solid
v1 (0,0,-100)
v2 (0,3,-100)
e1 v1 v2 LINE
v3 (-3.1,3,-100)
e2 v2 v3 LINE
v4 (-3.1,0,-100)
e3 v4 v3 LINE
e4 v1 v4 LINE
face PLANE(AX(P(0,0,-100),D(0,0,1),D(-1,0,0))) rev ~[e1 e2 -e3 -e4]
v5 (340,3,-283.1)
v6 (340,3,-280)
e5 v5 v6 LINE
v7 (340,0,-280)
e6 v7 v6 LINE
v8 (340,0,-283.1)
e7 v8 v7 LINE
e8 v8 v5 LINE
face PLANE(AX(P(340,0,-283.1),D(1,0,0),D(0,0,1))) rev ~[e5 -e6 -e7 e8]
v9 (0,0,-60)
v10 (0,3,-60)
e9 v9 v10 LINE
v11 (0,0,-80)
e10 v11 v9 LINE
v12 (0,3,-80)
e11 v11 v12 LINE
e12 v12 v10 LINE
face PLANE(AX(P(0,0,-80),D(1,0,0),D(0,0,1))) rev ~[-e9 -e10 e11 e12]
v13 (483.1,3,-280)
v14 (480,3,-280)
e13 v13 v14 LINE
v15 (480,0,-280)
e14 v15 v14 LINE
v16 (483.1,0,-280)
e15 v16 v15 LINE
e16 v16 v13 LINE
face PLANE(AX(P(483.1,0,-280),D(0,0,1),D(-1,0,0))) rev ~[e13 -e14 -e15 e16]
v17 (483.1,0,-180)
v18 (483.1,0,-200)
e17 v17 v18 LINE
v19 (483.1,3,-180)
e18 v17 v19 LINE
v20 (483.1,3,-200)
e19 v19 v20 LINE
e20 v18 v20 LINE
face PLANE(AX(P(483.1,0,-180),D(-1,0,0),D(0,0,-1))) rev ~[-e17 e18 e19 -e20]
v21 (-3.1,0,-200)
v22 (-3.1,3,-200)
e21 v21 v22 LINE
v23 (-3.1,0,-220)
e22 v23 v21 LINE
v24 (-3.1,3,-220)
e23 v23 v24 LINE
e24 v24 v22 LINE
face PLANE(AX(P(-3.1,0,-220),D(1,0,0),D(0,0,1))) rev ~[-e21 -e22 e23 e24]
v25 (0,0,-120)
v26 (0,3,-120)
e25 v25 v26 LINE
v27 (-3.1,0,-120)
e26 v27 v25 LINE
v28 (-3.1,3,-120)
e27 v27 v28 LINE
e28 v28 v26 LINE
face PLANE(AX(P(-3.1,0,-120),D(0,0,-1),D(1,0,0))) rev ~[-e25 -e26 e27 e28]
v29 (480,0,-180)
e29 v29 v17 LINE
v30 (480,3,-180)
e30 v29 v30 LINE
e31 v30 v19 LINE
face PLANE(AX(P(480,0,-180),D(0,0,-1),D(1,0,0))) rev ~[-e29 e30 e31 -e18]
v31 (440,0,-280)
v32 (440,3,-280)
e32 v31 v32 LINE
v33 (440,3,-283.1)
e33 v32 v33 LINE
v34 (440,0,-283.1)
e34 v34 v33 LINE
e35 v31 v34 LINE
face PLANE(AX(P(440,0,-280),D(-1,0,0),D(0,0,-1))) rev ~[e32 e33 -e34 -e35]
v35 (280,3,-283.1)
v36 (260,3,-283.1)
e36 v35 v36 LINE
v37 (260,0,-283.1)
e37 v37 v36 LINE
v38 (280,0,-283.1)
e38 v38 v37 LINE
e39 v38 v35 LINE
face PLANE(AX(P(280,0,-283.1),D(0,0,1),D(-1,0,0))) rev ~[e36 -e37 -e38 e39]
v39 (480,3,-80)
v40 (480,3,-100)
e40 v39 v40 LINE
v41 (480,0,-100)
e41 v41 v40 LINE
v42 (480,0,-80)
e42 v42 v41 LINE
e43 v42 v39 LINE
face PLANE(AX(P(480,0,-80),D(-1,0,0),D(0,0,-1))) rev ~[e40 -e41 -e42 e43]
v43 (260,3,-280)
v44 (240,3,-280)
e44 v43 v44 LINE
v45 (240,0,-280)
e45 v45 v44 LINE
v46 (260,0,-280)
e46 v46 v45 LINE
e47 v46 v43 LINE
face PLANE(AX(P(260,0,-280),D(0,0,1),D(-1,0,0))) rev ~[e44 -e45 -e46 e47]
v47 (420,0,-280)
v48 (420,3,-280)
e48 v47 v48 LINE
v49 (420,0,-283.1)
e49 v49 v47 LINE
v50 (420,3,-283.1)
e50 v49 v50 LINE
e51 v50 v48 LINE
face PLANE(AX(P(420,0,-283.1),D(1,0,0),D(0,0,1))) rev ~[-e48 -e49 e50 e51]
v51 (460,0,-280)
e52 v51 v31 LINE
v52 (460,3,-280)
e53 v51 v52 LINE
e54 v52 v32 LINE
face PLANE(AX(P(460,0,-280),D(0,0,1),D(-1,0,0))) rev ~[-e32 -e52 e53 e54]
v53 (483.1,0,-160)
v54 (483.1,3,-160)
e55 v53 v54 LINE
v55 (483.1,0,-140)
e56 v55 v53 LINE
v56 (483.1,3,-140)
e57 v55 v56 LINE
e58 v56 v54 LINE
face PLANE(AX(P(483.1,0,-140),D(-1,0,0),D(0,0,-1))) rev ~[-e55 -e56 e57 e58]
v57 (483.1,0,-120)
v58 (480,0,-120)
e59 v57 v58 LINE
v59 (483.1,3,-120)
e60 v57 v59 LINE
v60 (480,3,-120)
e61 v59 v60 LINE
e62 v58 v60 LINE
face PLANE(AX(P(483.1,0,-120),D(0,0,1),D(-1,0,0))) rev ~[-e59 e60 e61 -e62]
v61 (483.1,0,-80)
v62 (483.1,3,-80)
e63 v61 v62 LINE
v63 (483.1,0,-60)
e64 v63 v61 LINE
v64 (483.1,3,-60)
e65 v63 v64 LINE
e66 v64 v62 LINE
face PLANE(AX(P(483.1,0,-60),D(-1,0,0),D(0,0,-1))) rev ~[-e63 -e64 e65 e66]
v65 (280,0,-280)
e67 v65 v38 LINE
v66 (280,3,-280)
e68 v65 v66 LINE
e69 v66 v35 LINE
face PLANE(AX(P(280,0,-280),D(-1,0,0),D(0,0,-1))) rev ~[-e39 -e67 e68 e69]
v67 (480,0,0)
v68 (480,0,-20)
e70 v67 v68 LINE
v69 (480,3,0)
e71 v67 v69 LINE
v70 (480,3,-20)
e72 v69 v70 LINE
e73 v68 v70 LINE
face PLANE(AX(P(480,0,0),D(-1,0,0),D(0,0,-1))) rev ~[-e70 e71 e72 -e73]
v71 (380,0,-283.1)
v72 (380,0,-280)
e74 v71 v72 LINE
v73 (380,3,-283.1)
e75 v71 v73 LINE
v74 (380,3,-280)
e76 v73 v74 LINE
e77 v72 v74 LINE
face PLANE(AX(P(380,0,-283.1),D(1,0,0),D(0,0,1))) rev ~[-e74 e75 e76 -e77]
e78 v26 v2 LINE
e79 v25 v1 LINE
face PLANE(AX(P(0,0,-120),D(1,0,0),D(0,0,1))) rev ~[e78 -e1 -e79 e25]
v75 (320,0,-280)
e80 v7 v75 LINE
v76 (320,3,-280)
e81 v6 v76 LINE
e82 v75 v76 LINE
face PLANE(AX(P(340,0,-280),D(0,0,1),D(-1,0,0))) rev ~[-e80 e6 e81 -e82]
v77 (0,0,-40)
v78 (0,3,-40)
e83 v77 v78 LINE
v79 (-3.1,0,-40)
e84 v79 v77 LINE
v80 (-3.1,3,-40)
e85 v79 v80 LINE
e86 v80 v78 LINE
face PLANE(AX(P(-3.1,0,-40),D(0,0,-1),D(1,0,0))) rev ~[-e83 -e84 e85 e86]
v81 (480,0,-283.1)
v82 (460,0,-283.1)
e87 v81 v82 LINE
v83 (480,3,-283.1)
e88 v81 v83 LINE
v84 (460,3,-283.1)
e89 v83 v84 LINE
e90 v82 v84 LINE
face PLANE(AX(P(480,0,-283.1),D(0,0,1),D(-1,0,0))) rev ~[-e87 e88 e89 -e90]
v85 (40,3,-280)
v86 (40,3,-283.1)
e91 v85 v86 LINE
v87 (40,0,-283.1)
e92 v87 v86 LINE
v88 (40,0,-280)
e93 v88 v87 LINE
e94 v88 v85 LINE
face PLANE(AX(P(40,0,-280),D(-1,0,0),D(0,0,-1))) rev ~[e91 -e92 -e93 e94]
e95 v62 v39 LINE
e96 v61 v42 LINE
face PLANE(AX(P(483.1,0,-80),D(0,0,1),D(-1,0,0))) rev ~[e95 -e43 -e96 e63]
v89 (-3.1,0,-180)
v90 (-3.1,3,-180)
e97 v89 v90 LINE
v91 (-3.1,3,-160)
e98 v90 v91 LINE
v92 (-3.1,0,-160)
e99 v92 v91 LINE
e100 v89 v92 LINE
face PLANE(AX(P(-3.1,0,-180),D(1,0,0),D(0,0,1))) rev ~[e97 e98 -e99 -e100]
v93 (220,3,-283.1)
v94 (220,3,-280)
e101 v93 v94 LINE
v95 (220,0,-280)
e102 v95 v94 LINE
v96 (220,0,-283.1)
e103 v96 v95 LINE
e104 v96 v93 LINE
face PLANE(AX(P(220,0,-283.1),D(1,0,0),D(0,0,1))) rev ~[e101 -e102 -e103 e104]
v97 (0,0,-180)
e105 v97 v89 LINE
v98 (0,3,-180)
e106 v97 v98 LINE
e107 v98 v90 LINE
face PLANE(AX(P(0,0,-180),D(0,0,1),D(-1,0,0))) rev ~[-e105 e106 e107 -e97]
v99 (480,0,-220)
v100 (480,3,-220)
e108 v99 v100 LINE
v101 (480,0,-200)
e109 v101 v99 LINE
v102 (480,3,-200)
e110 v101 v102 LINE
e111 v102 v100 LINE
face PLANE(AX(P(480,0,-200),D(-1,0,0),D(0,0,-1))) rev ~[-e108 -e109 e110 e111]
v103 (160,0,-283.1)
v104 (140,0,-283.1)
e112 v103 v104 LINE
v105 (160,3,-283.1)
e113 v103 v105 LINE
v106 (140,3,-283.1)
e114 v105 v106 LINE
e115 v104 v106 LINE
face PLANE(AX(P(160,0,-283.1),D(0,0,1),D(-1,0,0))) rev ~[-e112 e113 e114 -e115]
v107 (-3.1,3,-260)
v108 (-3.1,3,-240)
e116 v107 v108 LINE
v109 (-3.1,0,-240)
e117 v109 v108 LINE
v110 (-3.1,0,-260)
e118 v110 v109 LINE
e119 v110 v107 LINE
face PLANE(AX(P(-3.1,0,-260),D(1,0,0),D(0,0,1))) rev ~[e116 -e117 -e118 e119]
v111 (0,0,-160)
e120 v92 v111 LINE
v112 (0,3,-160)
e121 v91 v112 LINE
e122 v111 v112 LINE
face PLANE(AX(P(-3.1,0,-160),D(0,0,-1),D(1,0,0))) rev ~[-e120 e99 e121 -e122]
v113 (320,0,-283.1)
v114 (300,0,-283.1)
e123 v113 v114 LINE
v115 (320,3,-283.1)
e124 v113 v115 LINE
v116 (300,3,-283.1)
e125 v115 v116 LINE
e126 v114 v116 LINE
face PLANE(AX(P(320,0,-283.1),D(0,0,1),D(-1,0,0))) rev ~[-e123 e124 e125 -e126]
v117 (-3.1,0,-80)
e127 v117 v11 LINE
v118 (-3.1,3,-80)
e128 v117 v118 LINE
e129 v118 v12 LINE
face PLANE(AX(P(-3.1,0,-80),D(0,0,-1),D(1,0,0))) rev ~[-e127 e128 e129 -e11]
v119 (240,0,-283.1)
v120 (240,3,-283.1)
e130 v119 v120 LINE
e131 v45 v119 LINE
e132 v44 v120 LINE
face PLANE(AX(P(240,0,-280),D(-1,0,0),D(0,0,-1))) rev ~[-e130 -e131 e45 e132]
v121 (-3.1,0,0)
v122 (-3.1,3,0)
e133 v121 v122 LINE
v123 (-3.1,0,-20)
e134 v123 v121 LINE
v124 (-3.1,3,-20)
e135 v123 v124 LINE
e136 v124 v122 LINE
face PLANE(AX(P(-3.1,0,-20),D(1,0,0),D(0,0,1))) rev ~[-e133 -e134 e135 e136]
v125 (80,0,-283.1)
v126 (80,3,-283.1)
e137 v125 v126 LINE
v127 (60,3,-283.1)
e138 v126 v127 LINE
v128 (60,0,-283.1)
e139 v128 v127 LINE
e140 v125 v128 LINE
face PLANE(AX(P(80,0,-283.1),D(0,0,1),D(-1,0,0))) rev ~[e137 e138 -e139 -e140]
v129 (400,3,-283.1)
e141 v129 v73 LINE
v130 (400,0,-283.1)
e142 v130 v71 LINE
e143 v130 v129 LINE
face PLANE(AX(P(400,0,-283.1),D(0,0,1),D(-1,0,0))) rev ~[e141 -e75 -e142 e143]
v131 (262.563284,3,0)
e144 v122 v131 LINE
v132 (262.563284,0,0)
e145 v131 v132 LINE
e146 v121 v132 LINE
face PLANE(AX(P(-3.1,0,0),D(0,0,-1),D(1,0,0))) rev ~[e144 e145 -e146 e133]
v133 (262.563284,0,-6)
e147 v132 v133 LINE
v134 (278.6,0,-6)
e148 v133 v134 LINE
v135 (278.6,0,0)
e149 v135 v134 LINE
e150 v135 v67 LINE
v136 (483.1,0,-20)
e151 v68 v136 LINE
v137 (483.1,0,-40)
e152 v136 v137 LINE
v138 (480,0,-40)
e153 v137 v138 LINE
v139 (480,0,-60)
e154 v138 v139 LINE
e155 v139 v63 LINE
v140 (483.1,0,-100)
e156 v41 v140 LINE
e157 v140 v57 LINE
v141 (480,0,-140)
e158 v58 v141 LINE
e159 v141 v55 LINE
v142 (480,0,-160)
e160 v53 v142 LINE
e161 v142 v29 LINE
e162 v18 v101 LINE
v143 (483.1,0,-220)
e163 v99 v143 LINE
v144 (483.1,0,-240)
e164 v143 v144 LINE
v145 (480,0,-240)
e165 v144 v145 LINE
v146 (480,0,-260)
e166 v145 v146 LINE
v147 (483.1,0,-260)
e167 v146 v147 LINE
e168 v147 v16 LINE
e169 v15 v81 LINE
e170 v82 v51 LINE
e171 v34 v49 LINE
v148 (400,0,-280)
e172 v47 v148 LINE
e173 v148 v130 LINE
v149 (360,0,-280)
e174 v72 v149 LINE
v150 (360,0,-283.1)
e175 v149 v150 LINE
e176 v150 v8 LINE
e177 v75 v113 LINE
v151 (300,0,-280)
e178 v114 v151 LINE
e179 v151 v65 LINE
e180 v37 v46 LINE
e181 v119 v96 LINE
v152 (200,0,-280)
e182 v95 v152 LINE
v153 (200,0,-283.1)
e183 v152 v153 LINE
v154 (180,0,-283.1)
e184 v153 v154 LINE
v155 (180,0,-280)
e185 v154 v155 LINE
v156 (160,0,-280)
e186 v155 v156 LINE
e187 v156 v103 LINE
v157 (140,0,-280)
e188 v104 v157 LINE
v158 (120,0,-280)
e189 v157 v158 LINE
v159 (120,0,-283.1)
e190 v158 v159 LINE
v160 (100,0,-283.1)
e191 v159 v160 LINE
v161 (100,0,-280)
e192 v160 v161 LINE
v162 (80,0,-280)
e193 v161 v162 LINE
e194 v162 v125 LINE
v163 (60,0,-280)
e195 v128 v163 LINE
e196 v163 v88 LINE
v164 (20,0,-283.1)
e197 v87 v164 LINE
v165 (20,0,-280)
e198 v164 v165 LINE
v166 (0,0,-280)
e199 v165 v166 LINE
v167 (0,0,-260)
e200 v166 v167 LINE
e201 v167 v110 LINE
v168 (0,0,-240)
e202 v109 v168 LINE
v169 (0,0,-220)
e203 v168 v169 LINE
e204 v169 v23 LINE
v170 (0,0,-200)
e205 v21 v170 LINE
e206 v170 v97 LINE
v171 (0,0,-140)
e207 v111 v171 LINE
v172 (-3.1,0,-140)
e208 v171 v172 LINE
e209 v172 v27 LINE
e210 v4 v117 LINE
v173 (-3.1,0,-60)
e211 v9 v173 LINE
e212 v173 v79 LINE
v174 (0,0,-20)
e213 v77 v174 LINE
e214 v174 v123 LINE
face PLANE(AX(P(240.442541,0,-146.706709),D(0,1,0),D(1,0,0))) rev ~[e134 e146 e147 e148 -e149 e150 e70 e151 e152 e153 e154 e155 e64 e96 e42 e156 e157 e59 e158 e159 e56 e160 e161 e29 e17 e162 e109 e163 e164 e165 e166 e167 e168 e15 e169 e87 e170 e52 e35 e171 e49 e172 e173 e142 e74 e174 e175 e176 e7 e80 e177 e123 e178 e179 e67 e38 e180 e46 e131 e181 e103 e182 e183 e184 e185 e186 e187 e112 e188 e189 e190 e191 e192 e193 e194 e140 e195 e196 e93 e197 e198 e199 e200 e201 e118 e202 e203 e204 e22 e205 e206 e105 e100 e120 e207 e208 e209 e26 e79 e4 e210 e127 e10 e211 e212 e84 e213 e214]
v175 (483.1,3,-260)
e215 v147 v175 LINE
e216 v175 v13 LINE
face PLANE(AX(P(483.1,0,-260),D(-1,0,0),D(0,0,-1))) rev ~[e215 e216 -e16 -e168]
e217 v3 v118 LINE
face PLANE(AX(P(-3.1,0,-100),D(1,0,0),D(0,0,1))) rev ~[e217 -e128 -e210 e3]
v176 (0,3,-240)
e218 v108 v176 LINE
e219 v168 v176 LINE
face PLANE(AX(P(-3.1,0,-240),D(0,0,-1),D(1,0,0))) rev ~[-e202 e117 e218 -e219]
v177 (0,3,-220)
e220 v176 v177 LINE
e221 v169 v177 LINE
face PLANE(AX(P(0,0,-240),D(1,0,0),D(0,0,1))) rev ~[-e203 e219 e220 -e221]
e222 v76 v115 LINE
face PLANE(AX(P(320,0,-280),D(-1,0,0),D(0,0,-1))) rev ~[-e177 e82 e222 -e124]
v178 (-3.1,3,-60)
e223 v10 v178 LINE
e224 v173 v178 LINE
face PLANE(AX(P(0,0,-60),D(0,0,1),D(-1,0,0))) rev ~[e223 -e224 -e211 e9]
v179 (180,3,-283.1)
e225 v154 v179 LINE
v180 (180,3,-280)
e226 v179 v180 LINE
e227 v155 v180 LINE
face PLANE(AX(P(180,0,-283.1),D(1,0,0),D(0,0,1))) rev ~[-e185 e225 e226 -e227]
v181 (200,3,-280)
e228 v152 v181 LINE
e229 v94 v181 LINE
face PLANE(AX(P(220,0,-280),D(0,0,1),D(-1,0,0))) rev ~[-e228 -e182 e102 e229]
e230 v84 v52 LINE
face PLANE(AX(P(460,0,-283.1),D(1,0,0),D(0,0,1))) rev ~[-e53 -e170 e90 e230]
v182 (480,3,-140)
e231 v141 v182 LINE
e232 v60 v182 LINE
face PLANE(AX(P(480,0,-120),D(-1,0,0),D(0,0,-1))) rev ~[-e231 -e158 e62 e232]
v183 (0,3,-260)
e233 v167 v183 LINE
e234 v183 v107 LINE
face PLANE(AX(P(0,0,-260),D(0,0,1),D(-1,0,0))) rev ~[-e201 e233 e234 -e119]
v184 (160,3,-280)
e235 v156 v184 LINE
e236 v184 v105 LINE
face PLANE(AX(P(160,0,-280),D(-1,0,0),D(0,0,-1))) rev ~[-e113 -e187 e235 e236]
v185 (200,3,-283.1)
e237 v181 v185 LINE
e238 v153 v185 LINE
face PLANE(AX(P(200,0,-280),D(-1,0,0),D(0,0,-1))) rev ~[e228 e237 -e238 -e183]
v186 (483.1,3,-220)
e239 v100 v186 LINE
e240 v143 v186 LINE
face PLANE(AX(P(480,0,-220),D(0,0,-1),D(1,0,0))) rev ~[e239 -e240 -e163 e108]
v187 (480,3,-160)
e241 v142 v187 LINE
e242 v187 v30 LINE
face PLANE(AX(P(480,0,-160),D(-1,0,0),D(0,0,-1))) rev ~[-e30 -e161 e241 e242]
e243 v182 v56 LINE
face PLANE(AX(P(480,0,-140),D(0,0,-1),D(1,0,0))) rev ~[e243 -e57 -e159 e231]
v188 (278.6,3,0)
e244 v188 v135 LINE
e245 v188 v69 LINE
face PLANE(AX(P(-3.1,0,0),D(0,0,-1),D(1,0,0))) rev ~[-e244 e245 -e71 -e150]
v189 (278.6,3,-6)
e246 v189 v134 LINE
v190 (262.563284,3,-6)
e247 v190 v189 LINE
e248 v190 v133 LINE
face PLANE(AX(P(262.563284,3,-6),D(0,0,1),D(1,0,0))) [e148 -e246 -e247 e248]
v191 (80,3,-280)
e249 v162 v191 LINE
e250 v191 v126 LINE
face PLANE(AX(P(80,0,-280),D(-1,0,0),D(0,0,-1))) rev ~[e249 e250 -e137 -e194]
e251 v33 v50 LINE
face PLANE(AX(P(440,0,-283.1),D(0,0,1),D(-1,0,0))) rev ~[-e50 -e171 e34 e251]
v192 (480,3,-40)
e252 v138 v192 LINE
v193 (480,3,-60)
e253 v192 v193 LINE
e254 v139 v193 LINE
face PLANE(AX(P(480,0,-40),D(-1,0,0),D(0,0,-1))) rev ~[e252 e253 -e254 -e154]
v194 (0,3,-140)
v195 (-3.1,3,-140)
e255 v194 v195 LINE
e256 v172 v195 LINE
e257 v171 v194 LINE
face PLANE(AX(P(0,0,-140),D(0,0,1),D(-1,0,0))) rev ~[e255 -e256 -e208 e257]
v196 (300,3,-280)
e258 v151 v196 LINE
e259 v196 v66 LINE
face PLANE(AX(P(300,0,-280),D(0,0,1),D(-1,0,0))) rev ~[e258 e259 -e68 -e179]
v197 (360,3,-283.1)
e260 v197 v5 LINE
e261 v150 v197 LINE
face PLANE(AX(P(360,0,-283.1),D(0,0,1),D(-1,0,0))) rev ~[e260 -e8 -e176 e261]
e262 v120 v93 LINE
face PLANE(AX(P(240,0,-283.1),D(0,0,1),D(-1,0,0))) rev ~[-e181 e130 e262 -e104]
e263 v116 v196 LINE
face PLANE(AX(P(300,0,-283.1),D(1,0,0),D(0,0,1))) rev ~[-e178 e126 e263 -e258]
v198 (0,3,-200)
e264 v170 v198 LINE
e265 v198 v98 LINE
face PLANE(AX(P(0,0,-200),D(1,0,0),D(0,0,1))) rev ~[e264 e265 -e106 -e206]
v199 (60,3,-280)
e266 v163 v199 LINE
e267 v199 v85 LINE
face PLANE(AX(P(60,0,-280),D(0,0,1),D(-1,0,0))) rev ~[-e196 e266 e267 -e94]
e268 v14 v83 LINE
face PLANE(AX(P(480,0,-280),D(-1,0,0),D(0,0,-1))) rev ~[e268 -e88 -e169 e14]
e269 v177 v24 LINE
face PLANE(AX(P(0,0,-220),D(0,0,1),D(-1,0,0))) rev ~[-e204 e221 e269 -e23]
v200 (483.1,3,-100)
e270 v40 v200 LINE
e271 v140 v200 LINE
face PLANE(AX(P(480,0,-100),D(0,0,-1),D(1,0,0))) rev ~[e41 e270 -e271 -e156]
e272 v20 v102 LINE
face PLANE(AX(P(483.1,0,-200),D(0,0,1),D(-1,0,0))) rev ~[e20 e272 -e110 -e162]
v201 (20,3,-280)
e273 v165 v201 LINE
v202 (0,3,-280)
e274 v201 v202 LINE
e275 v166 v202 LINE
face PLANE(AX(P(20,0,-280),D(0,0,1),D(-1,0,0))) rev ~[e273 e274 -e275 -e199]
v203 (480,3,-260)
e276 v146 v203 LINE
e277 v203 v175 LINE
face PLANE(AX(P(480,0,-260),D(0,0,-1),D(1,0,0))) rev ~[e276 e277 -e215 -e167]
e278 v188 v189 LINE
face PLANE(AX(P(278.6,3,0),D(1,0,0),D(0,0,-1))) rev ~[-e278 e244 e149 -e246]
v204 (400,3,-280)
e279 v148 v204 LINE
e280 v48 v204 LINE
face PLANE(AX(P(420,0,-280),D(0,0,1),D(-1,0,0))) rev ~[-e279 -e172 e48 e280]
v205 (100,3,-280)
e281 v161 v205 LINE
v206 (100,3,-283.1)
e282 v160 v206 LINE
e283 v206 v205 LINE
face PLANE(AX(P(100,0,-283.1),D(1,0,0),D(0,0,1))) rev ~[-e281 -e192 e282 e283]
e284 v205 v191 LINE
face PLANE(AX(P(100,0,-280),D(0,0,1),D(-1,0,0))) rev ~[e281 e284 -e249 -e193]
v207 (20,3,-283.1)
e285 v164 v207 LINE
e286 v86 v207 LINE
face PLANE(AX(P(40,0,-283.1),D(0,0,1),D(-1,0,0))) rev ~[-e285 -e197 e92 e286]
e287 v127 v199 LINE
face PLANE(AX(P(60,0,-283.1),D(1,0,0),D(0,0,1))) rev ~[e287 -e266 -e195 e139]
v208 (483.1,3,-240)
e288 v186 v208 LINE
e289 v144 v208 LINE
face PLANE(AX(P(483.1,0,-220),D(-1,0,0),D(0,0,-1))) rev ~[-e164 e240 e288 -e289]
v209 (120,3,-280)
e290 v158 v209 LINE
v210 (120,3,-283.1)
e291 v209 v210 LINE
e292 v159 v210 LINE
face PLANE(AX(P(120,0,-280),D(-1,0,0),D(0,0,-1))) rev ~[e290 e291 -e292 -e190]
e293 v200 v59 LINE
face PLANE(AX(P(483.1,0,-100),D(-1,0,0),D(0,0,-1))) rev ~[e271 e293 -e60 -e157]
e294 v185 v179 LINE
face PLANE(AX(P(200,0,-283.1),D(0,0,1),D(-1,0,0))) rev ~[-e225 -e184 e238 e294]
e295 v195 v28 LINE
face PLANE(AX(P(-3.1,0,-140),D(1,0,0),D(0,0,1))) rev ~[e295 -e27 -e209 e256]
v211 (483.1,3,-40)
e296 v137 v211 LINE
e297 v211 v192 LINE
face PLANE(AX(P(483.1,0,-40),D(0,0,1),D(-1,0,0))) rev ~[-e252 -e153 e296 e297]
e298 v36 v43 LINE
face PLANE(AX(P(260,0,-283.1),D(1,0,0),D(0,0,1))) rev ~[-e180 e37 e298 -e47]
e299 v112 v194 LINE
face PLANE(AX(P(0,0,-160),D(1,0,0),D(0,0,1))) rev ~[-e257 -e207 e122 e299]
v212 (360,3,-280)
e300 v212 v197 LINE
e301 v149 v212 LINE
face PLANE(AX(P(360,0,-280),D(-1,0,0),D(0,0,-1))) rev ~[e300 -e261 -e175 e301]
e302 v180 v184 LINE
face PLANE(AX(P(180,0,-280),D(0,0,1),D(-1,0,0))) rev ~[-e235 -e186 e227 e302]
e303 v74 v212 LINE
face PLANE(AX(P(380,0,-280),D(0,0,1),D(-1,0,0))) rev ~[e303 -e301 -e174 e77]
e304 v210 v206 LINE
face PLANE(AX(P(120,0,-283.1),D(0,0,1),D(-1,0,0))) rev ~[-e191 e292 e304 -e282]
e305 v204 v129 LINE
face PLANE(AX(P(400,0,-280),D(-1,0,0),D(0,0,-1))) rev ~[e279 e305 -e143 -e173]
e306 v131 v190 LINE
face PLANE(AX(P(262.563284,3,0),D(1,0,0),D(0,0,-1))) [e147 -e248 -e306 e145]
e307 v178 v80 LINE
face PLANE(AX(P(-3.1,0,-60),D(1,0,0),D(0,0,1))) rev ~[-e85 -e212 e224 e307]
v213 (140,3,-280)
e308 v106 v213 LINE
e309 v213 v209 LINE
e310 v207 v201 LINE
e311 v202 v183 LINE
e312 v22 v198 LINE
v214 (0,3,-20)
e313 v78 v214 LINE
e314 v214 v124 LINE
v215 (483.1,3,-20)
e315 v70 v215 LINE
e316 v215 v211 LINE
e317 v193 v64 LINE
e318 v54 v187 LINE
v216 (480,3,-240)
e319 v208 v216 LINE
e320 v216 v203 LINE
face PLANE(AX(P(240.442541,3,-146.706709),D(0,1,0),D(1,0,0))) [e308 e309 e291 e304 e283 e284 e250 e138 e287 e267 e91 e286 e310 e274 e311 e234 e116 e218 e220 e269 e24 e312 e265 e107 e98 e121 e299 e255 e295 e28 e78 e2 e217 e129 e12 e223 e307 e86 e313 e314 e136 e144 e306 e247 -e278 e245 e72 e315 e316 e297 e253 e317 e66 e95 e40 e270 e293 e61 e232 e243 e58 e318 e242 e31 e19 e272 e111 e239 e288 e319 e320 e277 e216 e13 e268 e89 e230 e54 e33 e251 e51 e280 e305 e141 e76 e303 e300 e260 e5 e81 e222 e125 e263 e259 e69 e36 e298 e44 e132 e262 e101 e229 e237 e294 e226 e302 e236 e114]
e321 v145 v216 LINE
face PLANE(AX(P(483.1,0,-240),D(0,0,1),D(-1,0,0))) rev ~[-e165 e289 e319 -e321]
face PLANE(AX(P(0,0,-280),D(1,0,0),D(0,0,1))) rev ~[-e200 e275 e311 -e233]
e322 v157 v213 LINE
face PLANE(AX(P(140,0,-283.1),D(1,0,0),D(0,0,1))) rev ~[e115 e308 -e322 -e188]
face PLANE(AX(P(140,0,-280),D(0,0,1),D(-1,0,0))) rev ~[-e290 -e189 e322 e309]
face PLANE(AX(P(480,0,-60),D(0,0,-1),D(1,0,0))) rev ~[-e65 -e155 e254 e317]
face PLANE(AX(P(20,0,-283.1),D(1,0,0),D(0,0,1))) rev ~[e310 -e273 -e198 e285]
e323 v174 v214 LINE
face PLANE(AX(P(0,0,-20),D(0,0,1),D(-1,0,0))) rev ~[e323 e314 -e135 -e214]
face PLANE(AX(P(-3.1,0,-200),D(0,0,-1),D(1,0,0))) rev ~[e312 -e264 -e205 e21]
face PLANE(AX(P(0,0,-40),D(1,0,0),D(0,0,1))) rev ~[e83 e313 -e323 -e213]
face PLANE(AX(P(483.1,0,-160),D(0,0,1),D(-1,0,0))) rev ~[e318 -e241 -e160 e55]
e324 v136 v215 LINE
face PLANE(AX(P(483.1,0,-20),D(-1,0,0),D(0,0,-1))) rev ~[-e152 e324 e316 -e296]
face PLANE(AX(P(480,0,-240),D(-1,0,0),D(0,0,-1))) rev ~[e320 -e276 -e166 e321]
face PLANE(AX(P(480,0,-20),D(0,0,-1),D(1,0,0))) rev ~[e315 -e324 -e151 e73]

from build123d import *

# Parameters (mm, degrees)
SALIENTE_EXTRUIR1_DEPTH = 3
CROQUIS2_W              = 16.03671643
CROQUIS2_H              = 6
CORTAR_EXTRUIR1_DEPTH   = 10


with BuildPart() as part:
    # Croquis1 → Saliente-Extruir1 (new body)
    with BuildSketch(Plane(origin=(0, 0, 0), x_dir=(1, 0, 0), z_dir=(0, 1, 0))):
        Polygon((480, 280), (480, 283.1), (460, 283.1), (460, 280), (440, 280), (440, 283.1), (420, 283.1), (420, 280), (400, 280), (400, 283.1), (380, 283.1), (380, 280), (360, 280), (360, 283.1), (340, 283.1), (340, 280), (320, 280), (320, 283.1), (300, 283.1), (300, 280), (280, 280), (280, 283.1), (260, 283.1), (260, 280), (240, 280), (240, 283.1), (220, 283.1), (220, 280), (200, 280), (200, 283.1), (180, 283.1), (180, 280), (160, 280), (160, 283.1), (140, 283.1), (140, 280), (120, 280), (120, 283.1), (100, 283.1), (100, 280), (80, 280), (80, 283.1), (60, 283.1), (60, 280), (40, 280), (40, 283.1), (20, 283.1), (20, 280), (0, 280), (0, 260), (-3.1, 260), (-3.1, 240), (0, 240), (0, 220), (-3.1, 220), (-3.1, 200), (0, 200), (0, 180), (-3.1, 180), (-3.1, 160), (0, 160), (0, 140), (-3.1, 140), (-3.1, 120), (0, 120), (0, 100), (-3.1, 100), (-3.1, 80), (0, 80), (0, 60), (-3.1, 60), (-3.1, 40), (0, 40), (0, 20), (-3.1, 20), (-3.1, 0), (0, 0), (480, 0), (480, 20), (483.1, 20), (483.1, 40), (480, 40), (480, 60), (483.1, 60), (483.1, 80), (480, 80), (480, 100), (483.1, 100), (483.1, 120), (480, 120), (480, 140), (483.1, 140), (483.1, 160), (480, 160), (480, 180), (483.1, 180), (483.1, 200), (480, 200), (480, 220), (483.1, 220), (483.1, 240), (480, 240), (480, 260), (483.1, 260), (483.1, 280), align=None)
    extrude(amount=SALIENTE_EXTRUIR1_DEPTH)

    # Croquis2 → Cortar-Extruir1 (cut)
    with BuildSketch(Plane(origin=(0, 3, 0), x_dir=(1, 0, 0), z_dir=(0, 1, 0))):
        with Locations((270.581641785, 3)):
            Rectangle(CROQUIS2_W, CROQUIS2_H)
    extrude(amount=-CORTAR_EXTRUIR1_DEPTH, mode=Mode.SUBTRACT)


solid = part.part
